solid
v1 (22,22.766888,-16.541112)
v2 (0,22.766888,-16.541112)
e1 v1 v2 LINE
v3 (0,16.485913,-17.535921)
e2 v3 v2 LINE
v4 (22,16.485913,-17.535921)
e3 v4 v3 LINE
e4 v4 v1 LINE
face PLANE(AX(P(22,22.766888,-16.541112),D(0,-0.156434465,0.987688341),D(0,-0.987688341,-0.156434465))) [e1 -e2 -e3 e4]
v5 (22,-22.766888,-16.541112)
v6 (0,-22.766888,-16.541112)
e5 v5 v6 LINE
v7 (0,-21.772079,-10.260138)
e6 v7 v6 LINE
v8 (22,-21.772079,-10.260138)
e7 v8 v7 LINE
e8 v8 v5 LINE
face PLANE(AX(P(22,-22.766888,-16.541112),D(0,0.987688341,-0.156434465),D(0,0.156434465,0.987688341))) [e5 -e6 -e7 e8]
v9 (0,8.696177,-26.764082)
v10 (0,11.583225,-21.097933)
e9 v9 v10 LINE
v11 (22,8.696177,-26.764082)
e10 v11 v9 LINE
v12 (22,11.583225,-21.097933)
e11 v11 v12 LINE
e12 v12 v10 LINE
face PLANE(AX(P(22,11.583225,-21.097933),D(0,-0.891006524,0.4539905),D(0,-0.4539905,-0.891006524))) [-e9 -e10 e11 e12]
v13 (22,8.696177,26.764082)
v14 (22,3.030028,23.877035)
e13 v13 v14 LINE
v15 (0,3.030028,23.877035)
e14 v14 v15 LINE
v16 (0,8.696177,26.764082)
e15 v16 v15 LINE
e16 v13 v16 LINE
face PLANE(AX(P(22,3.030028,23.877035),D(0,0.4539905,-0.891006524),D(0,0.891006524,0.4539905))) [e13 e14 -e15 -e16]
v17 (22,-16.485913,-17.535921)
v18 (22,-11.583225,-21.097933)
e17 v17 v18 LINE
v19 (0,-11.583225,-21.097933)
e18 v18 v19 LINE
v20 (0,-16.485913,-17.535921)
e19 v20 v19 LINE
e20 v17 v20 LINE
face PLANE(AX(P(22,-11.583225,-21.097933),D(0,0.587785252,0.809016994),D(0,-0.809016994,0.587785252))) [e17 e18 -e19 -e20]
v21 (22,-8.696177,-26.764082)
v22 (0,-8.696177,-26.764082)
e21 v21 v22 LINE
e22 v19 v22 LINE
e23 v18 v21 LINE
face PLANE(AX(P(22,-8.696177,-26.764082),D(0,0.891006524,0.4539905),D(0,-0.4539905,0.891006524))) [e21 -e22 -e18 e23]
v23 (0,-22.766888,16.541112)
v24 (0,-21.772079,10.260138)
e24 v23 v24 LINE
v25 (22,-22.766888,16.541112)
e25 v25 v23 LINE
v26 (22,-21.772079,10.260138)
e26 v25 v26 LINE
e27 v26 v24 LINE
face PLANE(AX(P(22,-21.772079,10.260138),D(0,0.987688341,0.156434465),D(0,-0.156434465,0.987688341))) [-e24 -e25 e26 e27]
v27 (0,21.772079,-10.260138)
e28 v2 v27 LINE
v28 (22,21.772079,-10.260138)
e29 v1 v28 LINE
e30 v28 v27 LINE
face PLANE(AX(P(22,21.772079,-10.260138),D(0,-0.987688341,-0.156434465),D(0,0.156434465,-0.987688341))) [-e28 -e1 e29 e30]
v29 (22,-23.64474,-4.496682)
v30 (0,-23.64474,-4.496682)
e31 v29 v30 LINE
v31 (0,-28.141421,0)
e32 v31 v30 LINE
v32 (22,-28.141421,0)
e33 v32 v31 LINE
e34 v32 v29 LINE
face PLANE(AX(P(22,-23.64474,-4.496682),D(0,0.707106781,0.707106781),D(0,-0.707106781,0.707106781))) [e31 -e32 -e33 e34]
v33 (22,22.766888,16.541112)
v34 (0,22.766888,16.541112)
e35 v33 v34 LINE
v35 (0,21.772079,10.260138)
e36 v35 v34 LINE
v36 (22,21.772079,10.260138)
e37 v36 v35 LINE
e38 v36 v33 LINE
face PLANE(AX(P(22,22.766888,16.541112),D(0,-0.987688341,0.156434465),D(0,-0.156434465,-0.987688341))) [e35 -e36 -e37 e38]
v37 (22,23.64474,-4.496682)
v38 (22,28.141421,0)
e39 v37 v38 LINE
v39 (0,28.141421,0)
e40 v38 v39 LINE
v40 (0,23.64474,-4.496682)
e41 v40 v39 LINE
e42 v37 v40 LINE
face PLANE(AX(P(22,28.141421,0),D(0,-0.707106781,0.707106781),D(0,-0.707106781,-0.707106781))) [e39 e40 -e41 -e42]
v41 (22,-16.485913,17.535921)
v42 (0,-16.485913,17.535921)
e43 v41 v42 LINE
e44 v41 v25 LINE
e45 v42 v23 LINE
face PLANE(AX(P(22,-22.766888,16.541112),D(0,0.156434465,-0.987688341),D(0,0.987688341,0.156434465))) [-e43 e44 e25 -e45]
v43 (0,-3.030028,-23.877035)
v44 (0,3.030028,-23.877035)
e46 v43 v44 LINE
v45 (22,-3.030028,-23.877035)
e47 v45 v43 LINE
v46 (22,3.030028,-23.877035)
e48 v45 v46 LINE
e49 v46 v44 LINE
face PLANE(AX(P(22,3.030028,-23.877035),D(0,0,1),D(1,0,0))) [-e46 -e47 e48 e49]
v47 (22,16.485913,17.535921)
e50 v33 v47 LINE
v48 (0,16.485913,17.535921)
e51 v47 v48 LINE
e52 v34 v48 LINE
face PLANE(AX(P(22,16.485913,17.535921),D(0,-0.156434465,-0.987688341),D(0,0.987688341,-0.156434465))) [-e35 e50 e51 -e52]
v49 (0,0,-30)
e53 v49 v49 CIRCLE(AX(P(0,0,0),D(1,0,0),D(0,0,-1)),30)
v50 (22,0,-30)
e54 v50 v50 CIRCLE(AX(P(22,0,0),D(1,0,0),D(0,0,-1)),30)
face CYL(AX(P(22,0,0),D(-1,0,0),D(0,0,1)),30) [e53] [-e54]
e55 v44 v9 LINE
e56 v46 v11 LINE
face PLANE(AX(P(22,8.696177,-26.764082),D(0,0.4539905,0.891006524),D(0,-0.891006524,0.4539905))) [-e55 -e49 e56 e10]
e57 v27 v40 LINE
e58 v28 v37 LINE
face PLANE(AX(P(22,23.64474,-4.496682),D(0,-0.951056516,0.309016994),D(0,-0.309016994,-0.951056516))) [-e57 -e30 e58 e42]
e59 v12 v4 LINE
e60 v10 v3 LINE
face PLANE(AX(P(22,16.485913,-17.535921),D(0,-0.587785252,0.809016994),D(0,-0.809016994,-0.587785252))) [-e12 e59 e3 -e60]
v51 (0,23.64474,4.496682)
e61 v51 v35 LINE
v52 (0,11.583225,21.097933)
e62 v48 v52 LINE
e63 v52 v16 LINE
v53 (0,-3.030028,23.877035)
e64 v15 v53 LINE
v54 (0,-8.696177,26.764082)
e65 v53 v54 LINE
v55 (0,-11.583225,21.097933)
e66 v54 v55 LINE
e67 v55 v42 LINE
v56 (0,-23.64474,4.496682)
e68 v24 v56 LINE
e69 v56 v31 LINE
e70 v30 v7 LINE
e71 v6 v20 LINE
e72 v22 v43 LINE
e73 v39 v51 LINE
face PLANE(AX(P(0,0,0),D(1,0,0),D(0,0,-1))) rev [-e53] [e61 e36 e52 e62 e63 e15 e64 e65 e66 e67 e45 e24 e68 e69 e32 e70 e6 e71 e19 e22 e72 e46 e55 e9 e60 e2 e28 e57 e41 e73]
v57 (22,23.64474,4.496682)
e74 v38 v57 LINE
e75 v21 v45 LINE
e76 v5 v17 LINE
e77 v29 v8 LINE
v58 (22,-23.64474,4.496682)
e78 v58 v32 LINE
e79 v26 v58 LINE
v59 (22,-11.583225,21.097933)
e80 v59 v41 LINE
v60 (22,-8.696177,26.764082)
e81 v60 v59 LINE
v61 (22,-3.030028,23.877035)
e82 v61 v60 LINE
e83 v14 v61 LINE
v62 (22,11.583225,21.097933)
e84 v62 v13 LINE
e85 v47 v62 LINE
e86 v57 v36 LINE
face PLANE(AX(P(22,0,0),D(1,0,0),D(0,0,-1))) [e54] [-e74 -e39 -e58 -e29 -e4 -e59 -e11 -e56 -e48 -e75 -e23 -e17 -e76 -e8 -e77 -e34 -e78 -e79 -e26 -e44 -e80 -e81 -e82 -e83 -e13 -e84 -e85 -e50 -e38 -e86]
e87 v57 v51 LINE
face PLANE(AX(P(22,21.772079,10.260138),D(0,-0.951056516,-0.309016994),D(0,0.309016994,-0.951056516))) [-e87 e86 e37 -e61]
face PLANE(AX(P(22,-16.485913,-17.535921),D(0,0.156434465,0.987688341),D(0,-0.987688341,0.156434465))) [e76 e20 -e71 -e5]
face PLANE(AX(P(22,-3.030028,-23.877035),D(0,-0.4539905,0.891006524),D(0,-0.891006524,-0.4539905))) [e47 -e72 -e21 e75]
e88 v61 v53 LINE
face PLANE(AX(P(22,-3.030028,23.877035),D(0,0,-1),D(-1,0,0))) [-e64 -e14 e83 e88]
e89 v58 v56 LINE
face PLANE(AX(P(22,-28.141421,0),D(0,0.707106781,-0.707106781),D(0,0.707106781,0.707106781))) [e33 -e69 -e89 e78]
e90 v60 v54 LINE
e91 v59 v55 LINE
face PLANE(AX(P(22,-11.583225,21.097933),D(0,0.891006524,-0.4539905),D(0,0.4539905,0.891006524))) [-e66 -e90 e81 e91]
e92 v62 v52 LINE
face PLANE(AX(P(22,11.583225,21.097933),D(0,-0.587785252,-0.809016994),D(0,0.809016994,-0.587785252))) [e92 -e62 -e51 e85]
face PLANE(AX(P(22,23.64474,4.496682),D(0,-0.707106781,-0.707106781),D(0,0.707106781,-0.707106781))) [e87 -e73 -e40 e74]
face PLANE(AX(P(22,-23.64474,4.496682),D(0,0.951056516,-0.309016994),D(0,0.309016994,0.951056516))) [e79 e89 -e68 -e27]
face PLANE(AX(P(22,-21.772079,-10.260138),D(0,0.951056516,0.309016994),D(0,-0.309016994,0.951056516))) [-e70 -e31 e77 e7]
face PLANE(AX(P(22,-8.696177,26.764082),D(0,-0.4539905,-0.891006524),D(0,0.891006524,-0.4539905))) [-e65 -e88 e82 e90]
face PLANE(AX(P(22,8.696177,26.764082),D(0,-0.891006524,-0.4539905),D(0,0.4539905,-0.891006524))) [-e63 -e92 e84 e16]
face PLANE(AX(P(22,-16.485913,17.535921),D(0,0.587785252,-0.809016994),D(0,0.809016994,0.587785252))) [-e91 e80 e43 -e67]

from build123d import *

# Parameters (mm, degrees)
SKETCH1_R           = 30
BOSS_EXTRUDE1_DEPTH = 22


with BuildPart() as part:
    # Sketch1 → Boss-Extrude1 (new body)
    with BuildSketch(Plane(origin=(0, 0, 0), x_dir=(0, 0, -1), z_dir=(1, 0, 0))):
        Circle(SKETCH1_R)
        Polygon((-16.541112452, 22.766888123), (-10.26013758, 21.772079433), (-4.496681536, 23.64473982), (0, 28.141421356), (4.496681536, 23.64473982), (10.26013758, 21.772079433), (16.541112452, 22.766888123), (17.535921141, 16.485913251), (21.09793287, 11.583224708), (26.764082159, 8.696177445), (23.877034895, 3.030028156), (23.877034895, -3.030028156), (26.764082159, -8.696177445), (21.09793287, -11.583224708), (17.535921141, -16.485913251), (16.541112452, -22.766888123), (10.26013758, -21.772079433), (4.496681536, -23.64473982), (0, -28.141421356), (-4.496681536, -23.64473982), (-10.26013758, -21.772079433), (-16.541112452, -22.766888123), (-17.535921141, -16.485913251), (-21.09793287, -11.583224708), (-26.764082159, -8.696177445), (-23.877034895, -3.030028156), (-23.877034895, 3.030028156), (-26.764082159, 8.696177445), (-21.09793287, 11.583224708), (-17.535921141, 16.485913251), align=None, mode=Mode.SUBTRACT)
    extrude(amount=BOSS_EXTRUDE1_DEPTH)


solid = part.part
